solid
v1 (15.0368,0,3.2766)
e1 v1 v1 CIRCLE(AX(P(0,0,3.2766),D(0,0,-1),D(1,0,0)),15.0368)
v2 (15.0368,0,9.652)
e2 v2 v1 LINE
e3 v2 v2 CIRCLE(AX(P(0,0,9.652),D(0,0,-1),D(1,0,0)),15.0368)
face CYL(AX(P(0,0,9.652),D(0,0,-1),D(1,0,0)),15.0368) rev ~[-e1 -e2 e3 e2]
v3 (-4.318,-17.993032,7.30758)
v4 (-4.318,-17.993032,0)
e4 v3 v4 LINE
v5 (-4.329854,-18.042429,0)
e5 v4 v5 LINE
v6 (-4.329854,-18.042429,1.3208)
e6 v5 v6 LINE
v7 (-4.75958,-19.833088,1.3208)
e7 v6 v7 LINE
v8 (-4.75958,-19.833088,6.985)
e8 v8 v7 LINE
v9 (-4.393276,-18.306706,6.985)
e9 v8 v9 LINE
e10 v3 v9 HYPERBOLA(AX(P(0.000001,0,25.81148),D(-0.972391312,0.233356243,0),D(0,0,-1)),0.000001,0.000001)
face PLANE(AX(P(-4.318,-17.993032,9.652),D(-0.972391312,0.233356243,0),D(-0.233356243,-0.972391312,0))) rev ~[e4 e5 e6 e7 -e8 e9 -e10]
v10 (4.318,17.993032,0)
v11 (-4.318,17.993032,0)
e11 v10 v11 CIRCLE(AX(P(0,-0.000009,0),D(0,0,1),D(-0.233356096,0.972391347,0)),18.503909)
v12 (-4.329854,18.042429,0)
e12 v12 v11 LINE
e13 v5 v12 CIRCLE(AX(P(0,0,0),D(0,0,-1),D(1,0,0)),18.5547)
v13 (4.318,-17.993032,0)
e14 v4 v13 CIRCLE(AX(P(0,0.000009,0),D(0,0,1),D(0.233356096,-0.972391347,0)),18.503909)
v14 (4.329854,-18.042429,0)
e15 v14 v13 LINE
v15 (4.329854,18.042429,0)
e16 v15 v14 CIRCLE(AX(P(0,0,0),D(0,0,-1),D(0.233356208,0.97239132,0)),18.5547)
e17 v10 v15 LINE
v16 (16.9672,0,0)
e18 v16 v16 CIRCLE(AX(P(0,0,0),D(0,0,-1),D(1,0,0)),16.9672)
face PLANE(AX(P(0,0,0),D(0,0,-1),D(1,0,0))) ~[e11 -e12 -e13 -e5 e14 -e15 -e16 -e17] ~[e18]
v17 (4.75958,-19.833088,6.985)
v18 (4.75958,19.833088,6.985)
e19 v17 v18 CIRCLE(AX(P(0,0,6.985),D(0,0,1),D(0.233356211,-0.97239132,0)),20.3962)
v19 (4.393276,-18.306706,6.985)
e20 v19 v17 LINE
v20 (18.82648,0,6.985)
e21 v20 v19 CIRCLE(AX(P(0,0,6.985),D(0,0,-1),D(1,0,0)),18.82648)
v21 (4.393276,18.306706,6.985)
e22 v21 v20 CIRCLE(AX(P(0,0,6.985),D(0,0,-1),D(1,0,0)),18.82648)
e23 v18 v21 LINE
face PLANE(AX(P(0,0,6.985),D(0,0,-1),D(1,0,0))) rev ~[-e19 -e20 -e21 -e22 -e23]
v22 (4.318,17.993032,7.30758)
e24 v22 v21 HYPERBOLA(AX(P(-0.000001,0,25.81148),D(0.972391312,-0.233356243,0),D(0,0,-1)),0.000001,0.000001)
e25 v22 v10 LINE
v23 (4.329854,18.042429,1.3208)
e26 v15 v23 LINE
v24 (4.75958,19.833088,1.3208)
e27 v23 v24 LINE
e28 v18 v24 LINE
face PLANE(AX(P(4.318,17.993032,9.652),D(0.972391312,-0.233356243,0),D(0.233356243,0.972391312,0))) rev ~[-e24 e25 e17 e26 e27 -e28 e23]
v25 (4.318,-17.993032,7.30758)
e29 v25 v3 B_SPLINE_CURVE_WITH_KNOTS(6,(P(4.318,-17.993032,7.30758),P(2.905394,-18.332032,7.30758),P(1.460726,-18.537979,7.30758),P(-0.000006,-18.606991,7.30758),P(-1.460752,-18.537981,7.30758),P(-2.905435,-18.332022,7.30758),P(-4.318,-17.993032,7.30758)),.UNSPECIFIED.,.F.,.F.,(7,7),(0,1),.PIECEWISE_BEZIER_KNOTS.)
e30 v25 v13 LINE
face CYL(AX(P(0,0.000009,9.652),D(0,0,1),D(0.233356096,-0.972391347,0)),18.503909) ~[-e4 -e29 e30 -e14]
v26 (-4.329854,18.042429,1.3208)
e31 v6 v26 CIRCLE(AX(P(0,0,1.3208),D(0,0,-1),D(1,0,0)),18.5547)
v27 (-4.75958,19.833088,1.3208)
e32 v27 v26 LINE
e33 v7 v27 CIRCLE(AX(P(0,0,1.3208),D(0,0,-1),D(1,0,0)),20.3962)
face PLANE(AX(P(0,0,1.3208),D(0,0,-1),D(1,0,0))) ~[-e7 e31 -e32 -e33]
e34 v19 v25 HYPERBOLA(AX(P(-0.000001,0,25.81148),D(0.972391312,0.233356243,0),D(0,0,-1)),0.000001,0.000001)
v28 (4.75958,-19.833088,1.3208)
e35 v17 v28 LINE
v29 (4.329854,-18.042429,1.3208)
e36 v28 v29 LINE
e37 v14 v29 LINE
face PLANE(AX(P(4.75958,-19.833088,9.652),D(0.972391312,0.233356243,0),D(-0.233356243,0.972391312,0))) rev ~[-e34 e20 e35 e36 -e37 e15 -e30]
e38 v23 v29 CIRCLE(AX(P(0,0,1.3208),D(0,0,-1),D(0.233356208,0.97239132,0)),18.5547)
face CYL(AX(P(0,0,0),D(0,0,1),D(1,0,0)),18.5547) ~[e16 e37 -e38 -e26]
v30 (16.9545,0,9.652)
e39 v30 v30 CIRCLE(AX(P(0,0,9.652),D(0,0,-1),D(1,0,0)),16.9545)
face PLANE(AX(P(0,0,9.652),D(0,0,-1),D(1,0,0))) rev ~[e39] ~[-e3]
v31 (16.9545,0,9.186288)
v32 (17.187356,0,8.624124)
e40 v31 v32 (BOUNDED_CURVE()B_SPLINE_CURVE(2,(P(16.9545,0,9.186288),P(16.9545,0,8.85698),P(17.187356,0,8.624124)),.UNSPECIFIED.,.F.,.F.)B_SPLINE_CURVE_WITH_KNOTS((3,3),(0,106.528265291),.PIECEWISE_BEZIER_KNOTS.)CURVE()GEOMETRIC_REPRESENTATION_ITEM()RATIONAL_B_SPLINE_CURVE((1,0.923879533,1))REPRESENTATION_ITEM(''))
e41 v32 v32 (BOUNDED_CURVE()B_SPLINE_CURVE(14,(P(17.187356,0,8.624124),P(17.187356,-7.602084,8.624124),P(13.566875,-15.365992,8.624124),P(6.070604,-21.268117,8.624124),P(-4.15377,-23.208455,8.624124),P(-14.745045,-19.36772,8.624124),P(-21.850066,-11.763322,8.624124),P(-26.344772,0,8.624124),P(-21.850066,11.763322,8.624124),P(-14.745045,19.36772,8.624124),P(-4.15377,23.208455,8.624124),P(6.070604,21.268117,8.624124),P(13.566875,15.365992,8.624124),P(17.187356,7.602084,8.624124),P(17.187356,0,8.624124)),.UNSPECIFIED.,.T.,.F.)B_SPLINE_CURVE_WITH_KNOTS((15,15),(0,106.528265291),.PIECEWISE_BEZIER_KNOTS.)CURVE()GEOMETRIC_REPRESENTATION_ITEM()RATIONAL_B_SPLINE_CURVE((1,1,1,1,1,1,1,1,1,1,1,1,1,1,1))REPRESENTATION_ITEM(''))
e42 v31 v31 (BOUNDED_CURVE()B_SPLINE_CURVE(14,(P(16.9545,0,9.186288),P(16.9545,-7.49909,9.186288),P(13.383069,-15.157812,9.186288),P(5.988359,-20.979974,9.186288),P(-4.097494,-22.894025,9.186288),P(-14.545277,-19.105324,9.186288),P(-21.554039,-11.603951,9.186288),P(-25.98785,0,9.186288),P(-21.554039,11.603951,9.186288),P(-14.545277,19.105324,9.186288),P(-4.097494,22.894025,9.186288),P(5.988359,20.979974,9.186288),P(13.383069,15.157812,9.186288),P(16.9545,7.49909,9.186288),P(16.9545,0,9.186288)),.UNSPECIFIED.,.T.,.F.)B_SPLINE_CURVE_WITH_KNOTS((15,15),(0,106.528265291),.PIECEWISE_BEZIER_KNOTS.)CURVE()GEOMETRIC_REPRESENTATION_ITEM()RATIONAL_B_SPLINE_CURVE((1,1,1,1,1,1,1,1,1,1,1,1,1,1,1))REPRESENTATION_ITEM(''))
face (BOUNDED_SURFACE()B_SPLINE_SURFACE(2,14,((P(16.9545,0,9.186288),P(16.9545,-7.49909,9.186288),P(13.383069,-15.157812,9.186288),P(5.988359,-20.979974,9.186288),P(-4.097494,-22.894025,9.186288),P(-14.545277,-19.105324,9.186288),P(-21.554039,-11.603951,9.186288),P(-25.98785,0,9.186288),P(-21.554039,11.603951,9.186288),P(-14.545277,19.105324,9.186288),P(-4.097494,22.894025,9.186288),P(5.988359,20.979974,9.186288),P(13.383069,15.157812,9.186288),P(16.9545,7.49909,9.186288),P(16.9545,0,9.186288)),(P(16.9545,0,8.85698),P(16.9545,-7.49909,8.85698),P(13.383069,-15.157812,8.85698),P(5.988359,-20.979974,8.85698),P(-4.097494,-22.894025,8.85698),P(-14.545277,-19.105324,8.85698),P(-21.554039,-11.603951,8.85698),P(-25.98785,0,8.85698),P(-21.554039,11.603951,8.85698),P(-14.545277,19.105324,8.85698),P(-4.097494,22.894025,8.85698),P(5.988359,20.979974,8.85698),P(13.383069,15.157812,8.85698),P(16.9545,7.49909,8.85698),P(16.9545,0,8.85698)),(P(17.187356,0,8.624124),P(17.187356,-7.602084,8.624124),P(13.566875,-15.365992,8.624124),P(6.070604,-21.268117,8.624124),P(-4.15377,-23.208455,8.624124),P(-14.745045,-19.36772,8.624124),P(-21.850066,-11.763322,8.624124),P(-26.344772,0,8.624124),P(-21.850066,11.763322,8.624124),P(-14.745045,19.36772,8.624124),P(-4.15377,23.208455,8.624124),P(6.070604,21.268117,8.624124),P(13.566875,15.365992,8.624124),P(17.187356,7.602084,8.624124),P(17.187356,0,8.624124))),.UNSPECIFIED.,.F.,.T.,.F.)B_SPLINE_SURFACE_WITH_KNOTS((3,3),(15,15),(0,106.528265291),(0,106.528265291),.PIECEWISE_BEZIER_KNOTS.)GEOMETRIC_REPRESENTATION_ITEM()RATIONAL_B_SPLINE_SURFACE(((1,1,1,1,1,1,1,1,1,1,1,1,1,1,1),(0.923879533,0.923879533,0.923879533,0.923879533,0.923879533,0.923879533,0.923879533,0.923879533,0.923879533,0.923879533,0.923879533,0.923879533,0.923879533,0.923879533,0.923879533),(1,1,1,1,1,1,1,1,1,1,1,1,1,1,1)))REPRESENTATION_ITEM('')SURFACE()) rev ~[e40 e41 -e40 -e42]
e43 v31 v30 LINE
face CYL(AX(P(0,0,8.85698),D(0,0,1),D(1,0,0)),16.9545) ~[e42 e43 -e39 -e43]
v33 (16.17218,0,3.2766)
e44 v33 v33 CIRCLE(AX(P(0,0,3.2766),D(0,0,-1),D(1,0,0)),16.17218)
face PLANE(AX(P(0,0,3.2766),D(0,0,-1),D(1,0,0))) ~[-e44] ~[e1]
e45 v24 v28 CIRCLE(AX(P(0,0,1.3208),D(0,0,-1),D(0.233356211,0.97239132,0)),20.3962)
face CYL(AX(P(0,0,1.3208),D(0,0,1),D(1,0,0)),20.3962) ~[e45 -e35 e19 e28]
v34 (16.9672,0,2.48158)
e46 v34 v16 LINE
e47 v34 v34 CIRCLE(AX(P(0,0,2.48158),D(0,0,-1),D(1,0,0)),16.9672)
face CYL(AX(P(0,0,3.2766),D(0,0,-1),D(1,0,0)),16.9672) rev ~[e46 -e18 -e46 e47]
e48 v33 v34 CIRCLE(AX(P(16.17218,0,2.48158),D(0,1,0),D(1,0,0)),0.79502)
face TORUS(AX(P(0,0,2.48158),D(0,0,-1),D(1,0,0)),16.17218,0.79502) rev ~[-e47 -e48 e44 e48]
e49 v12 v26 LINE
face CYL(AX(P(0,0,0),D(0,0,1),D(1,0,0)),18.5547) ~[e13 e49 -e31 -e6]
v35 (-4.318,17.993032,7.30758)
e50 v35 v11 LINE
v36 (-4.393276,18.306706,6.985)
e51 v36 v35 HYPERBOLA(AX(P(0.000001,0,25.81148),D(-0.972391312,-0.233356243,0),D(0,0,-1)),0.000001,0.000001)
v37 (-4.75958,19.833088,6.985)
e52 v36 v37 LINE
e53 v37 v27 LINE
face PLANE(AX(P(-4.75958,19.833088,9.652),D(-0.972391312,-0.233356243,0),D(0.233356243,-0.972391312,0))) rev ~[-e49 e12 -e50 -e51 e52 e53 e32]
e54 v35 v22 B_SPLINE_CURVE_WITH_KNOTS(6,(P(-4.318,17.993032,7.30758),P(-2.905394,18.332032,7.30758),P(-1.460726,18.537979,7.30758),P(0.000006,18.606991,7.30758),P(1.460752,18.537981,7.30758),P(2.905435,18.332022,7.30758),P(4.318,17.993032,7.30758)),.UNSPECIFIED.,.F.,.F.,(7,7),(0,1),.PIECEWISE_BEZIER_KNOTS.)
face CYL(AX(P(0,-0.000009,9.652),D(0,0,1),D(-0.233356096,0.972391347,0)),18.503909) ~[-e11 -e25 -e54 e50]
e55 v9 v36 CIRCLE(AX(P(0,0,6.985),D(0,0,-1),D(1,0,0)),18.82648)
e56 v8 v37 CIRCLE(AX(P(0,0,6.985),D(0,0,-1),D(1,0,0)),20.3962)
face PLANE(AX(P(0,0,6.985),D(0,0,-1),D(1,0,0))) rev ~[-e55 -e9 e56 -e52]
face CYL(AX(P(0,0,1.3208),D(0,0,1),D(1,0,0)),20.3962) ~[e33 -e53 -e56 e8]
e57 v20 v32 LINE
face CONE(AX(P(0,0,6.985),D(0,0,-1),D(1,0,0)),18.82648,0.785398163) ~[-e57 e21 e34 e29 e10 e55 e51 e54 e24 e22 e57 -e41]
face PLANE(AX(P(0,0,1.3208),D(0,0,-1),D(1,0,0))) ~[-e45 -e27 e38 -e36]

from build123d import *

# Parameters (mm, degrees)
F2_R     = 0.79502
F4_DEPTH = 9.653
F5_R     = 0.79502


with BuildPart() as f1:
    # F0 (on Front) → F1 (revolve)
    with BuildSketch(Plane.XZ):
        Polygon((16.9545, 9.652), (15.0368, 9.652), (15.0368, 3.2766), (16.9672, 3.2766), (16.9672, 0), (18.5547, 0), (18.5547, 1.3208), (20.3962, 1.3208), (20.3962, 6.985), (18.82648, 6.985), (16.9545, 8.85698), align=None)
    revolve(axis=Axis((0, 0, 4.540607), (0, 0, -1)))

    # F2
    f2_edges = [f1.edges().sort_by_distance(p)[0] for p in [
        (-16.9672, 0, 3.2766),
    ]]
    fillet(f2_edges, radius=F2_R)

    # F3 (on face) → F4 (cut, through all)
    with BuildSketch(Plane.XY.offset(9.652)):
        with BuildLine():
            Line((-4.75958, 19.833088), (-4.318, 17.993032))
            ThreePointArc((-4.318, 17.993032), (0, 18.5039), (4.318, 17.993032))
            Line((4.318, 17.993032), (4.75958, 19.833088))
            ThreePointArc((4.75958, 19.833088), (0, 20.3962), (-4.75958, 19.833088))
        make_face()
        with BuildLine():
            ThreePointArc((4.318, -17.993032), (0, -18.5039), (-4.318, -17.993032))
            Line((-4.318, -17.993032), (-4.75958, -19.833088))
            ThreePointArc((-4.75958, -19.833088), (0, -20.3962), (4.75958, -19.833088))
            Line((4.75958, -19.833088), (4.318, -17.993032))
        make_face()
    extrude(amount=-F4_DEPTH, mode=Mode.SUBTRACT)

    # F5
    f5_edges = [f1.edges().sort_by_distance(p)[0] for p in [
        (-16.9545, 0, 8.85698),
    ]]
    fillet(f5_edges, radius=F5_R)


solid = f1.part
